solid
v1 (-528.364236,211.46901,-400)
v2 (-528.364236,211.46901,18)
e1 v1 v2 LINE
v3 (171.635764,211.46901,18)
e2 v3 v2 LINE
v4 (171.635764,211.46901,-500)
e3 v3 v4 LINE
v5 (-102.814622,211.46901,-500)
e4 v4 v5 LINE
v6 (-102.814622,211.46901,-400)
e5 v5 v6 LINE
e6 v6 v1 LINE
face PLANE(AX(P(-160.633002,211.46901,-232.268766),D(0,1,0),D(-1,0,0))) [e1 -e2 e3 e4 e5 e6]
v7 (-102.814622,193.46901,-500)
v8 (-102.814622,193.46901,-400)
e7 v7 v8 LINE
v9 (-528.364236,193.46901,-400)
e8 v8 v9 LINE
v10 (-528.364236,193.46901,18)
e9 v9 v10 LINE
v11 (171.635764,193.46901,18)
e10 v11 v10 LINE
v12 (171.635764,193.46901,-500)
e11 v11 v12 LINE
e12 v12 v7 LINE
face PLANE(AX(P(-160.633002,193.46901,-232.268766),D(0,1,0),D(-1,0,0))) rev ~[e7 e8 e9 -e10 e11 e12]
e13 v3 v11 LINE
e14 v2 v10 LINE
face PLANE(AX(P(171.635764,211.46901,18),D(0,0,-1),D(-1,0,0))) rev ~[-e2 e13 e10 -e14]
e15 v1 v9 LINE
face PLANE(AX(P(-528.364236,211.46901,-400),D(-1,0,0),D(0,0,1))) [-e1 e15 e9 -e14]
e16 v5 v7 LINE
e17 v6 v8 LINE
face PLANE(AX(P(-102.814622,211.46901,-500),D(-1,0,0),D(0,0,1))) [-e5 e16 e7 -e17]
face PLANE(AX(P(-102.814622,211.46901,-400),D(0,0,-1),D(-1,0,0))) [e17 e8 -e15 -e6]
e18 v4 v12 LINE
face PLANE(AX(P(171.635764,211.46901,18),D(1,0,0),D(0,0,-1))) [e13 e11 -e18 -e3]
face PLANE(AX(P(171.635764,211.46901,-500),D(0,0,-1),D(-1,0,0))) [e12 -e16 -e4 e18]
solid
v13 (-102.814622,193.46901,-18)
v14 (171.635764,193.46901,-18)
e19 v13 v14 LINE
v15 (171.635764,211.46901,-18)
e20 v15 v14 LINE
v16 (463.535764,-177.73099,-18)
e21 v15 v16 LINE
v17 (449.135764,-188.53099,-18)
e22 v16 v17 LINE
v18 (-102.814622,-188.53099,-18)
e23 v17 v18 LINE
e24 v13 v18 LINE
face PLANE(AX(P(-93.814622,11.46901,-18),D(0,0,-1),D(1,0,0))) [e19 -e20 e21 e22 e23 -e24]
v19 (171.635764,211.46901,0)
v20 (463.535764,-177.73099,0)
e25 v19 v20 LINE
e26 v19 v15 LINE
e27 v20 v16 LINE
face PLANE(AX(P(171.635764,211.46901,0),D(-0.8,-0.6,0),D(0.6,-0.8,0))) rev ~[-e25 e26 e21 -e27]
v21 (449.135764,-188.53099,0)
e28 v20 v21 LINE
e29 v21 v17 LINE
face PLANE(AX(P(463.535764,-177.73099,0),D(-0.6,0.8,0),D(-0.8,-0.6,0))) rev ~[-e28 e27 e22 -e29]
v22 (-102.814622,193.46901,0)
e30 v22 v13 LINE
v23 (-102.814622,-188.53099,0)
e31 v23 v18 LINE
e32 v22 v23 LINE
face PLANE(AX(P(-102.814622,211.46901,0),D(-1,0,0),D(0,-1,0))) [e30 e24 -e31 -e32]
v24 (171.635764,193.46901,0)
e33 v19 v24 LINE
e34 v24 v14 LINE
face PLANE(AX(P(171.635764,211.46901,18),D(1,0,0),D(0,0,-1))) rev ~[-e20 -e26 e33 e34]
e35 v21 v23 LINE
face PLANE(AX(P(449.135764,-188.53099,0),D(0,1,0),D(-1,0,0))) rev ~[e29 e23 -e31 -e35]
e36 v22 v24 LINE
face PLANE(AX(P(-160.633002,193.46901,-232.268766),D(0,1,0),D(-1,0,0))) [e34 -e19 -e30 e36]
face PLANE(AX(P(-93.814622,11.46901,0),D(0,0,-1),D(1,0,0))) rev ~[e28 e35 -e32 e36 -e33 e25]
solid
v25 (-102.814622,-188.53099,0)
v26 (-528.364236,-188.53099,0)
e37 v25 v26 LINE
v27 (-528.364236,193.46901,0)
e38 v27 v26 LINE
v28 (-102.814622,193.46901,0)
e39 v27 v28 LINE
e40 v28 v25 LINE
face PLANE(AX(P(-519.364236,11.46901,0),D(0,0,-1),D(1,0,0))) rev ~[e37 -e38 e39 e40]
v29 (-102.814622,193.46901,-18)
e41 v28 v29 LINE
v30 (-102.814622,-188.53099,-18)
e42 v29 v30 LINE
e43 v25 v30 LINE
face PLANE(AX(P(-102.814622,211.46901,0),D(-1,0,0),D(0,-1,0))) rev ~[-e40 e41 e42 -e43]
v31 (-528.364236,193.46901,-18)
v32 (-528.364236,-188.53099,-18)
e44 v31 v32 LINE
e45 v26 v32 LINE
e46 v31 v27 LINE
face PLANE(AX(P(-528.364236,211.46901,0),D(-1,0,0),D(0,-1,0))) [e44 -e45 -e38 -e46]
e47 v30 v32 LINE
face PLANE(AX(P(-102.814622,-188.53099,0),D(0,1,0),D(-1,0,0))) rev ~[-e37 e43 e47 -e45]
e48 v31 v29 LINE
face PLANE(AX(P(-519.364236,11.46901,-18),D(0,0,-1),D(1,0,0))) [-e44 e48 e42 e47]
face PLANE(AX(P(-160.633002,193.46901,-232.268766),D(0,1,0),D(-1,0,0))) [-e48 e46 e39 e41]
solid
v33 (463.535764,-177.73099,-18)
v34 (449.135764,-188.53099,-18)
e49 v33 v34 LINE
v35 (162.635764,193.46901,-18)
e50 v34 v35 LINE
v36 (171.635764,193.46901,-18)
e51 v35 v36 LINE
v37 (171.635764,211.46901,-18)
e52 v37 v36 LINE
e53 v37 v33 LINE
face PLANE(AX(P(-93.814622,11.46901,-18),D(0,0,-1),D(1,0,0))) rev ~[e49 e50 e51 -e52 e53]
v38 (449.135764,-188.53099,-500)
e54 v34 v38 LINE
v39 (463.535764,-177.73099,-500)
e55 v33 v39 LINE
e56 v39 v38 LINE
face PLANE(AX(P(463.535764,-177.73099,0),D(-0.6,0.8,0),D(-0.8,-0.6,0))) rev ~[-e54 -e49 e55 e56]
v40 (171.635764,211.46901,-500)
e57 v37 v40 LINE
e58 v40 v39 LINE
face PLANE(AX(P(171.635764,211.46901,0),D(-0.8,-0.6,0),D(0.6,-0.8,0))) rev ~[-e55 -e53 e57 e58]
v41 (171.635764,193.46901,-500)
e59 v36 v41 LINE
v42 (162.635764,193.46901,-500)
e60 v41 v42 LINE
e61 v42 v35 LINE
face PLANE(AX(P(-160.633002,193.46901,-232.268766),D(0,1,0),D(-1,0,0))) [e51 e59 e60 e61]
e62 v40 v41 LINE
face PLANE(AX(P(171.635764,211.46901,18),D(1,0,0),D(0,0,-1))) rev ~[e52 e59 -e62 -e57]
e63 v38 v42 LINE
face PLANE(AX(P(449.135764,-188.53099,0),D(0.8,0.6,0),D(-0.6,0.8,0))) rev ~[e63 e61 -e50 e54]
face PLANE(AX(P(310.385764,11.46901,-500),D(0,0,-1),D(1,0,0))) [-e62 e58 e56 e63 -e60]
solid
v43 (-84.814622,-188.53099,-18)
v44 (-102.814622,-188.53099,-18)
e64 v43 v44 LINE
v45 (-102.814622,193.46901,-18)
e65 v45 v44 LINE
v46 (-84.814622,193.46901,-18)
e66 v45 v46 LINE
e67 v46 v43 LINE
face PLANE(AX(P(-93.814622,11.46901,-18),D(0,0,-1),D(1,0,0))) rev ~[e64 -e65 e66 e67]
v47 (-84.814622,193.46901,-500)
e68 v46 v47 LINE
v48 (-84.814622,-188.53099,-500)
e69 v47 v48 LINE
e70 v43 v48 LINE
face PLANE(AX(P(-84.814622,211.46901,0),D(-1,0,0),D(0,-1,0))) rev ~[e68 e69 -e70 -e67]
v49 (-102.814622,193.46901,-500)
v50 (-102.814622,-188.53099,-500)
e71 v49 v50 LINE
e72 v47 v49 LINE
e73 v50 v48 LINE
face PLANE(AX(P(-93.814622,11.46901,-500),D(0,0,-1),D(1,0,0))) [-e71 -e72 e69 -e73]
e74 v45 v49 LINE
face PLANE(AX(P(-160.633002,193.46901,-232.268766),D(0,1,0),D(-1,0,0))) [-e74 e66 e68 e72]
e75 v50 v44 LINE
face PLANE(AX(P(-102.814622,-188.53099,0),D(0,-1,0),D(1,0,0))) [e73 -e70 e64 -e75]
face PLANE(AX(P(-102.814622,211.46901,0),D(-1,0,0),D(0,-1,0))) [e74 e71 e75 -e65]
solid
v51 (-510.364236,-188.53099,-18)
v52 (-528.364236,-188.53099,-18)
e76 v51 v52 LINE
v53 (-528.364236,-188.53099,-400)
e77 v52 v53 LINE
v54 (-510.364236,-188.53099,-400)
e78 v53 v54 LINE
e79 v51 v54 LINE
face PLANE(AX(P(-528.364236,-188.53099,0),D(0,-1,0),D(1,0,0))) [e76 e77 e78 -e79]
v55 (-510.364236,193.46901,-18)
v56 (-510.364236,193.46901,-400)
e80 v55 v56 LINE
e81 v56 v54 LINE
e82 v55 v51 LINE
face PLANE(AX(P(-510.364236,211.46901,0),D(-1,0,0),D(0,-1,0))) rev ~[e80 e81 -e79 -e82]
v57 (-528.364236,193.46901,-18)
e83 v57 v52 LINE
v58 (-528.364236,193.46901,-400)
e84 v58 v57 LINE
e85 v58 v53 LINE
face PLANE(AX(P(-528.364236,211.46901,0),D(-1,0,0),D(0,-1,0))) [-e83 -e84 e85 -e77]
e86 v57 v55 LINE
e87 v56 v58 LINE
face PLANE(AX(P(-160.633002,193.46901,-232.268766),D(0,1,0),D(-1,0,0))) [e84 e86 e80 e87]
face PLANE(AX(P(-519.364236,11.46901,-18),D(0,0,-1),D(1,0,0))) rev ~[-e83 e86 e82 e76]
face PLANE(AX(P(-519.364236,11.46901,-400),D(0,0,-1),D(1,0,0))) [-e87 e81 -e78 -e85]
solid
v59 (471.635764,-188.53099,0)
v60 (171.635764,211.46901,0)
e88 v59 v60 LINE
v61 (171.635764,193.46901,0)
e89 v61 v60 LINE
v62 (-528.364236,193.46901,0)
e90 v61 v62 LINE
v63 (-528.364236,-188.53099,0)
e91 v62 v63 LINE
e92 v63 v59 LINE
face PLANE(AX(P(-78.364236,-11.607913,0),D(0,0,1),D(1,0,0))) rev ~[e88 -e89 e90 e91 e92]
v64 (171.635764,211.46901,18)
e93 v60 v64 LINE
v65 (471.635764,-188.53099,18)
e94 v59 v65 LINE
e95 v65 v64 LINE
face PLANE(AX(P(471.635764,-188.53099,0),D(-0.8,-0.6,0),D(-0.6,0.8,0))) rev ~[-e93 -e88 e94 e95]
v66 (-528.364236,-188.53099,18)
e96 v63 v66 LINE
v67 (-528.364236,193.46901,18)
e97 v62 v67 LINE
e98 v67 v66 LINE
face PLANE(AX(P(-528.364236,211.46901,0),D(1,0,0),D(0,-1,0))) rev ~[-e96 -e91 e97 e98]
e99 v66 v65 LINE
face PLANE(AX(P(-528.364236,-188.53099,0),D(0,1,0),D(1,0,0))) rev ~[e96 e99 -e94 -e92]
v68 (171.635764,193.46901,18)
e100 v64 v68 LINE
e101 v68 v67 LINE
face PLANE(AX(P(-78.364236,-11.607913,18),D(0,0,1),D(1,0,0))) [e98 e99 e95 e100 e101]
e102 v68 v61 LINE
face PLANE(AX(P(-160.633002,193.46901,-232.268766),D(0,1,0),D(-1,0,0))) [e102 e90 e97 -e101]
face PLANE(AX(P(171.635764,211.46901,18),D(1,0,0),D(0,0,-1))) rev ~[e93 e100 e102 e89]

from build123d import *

# Parameters (mm, degrees)
F1_DEPTH = 18
F2_W     = 18
F2_H     = 400
F3_DEPTH = 500
F4_DEPTH = 400
F2_W_2   = 407.549614
F5_DEPTH = 18
F6_DEPTH = 18
F7_W     = 700
F7_H     = 18
F8_DEPTH = 18


with BuildPart() as f1:
    # F0 (on Top) → F1 (new body)
    with BuildSketch(Plane.XY):
        Polygon((-528.364236, 211.46901), (-528.364236, -188.53099), (471.635764, -188.53099), (171.635764, 211.46901), align=None)
    extrude(amount=F1_DEPTH)


with BuildPart() as f3:
    # F2 (on face) → F3 (new body)
    with BuildSketch(Plane(origin=(0, 0, 0), x_dir=(1, 0, 0), z_dir=(0, 0, -1))):
        with Locations((-93.814622, -11.46901)):
            Rectangle(F2_W, F2_H)
        Polygon((463.535764, 177.73099), (449.135764, 188.53099), (157.235764, -200.66901), (171.635764, -211.46901), align=None)
    extrude(amount=F3_DEPTH)


with BuildPart() as f4:
    # F2 (on face) → F4 (new body)
    with BuildSketch(Plane(origin=(0, 0, 0), x_dir=(1, 0, 0), z_dir=(0, 0, -1))):
        with Locations((-519.364236, -11.46901)):
            Rectangle(F2_W, F2_H)
    extrude(amount=F4_DEPTH)


with BuildPart() as f5:
    # F2 (on face) → F5 (new body)
    with BuildSketch(Plane(origin=(0, 0, 0), x_dir=(1, 0, 0), z_dir=(0, 0, -1))):
        with Locations((-519.364236, -11.46901)):
            Rectangle(F2_W, F2_H)
        with Locations((-306.589429, -11.46901)):
            Rectangle(F2_W_2, F2_H)
    extrude(amount=F5_DEPTH)


with BuildPart() as f6:
    # F2 (on face) → F6 (new body)
    with BuildSketch(Plane(origin=(0, 0, 0), x_dir=(1, 0, 0), z_dir=(0, 0, -1))):
        with Locations((-93.814622, -11.46901)):
            Rectangle(F2_W, F2_H)
        Polygon((449.135764, 188.53099), (-84.814622, 188.53099), (-84.814622, -211.46901), (171.635764, -211.46901), (157.235764, -200.66901), align=None)
        Polygon((463.535764, 177.73099), (449.135764, 188.53099), (157.235764, -200.66901), (171.635764, -211.46901), align=None)
    extrude(amount=F6_DEPTH)


with BuildPart() as f8:
    # F7 (on face) → F8 (new body)
    with BuildSketch(Plane(origin=(0, 211.46901, 0), x_dir=(-1, 0, 0), z_dir=(0, 1, 0))):
        Polygon((528.364236, -400), (528.364236, 0), (-171.635764, 0), (-171.635764, -500), (102.814622, -500), (102.814622, -400), align=None)
        with Locations((178.364236, 9)):
            Rectangle(F7_W, F7_H)
    extrude(amount=-F8_DEPTH)


with BuildPart() as f1_1:
    add(f1.part)

    # F9: cut F8
    add(f8.part, mode=Mode.SUBTRACT)


with BuildPart() as f3_1:
    add(f3.part)

    # F9: cut F8
    add(f8.part, mode=Mode.SUBTRACT)


with BuildPart() as f4_1:
    add(f4.part)

    # F9: cut F8
    add(f8.part, mode=Mode.SUBTRACT)


with BuildPart() as f5_1:
    add(f5.part)

    # F9: cut F8
    add(f8.part, mode=Mode.SUBTRACT)


with BuildPart() as f6_1:
    add(f6.part)

    # F9: cut F8
    add(f8.part, mode=Mode.SUBTRACT)


with BuildPart() as f3_2:
    add(f3_1.part)

    # F10: cut F5, F6
    add(f5_1.part, mode=Mode.SUBTRACT)
    add(f6_1.part, mode=Mode.SUBTRACT)


with BuildPart() as f4_2:
    add(f4_1.part)

    # F10: cut F5, F6
    add(f5_1.part, mode=Mode.SUBTRACT)
    add(f6_1.part, mode=Mode.SUBTRACT)


solid = Compound([f8.part, f1_1.part, f5_1.part, f6_1.part, f3_2.part, f4_2.part])
